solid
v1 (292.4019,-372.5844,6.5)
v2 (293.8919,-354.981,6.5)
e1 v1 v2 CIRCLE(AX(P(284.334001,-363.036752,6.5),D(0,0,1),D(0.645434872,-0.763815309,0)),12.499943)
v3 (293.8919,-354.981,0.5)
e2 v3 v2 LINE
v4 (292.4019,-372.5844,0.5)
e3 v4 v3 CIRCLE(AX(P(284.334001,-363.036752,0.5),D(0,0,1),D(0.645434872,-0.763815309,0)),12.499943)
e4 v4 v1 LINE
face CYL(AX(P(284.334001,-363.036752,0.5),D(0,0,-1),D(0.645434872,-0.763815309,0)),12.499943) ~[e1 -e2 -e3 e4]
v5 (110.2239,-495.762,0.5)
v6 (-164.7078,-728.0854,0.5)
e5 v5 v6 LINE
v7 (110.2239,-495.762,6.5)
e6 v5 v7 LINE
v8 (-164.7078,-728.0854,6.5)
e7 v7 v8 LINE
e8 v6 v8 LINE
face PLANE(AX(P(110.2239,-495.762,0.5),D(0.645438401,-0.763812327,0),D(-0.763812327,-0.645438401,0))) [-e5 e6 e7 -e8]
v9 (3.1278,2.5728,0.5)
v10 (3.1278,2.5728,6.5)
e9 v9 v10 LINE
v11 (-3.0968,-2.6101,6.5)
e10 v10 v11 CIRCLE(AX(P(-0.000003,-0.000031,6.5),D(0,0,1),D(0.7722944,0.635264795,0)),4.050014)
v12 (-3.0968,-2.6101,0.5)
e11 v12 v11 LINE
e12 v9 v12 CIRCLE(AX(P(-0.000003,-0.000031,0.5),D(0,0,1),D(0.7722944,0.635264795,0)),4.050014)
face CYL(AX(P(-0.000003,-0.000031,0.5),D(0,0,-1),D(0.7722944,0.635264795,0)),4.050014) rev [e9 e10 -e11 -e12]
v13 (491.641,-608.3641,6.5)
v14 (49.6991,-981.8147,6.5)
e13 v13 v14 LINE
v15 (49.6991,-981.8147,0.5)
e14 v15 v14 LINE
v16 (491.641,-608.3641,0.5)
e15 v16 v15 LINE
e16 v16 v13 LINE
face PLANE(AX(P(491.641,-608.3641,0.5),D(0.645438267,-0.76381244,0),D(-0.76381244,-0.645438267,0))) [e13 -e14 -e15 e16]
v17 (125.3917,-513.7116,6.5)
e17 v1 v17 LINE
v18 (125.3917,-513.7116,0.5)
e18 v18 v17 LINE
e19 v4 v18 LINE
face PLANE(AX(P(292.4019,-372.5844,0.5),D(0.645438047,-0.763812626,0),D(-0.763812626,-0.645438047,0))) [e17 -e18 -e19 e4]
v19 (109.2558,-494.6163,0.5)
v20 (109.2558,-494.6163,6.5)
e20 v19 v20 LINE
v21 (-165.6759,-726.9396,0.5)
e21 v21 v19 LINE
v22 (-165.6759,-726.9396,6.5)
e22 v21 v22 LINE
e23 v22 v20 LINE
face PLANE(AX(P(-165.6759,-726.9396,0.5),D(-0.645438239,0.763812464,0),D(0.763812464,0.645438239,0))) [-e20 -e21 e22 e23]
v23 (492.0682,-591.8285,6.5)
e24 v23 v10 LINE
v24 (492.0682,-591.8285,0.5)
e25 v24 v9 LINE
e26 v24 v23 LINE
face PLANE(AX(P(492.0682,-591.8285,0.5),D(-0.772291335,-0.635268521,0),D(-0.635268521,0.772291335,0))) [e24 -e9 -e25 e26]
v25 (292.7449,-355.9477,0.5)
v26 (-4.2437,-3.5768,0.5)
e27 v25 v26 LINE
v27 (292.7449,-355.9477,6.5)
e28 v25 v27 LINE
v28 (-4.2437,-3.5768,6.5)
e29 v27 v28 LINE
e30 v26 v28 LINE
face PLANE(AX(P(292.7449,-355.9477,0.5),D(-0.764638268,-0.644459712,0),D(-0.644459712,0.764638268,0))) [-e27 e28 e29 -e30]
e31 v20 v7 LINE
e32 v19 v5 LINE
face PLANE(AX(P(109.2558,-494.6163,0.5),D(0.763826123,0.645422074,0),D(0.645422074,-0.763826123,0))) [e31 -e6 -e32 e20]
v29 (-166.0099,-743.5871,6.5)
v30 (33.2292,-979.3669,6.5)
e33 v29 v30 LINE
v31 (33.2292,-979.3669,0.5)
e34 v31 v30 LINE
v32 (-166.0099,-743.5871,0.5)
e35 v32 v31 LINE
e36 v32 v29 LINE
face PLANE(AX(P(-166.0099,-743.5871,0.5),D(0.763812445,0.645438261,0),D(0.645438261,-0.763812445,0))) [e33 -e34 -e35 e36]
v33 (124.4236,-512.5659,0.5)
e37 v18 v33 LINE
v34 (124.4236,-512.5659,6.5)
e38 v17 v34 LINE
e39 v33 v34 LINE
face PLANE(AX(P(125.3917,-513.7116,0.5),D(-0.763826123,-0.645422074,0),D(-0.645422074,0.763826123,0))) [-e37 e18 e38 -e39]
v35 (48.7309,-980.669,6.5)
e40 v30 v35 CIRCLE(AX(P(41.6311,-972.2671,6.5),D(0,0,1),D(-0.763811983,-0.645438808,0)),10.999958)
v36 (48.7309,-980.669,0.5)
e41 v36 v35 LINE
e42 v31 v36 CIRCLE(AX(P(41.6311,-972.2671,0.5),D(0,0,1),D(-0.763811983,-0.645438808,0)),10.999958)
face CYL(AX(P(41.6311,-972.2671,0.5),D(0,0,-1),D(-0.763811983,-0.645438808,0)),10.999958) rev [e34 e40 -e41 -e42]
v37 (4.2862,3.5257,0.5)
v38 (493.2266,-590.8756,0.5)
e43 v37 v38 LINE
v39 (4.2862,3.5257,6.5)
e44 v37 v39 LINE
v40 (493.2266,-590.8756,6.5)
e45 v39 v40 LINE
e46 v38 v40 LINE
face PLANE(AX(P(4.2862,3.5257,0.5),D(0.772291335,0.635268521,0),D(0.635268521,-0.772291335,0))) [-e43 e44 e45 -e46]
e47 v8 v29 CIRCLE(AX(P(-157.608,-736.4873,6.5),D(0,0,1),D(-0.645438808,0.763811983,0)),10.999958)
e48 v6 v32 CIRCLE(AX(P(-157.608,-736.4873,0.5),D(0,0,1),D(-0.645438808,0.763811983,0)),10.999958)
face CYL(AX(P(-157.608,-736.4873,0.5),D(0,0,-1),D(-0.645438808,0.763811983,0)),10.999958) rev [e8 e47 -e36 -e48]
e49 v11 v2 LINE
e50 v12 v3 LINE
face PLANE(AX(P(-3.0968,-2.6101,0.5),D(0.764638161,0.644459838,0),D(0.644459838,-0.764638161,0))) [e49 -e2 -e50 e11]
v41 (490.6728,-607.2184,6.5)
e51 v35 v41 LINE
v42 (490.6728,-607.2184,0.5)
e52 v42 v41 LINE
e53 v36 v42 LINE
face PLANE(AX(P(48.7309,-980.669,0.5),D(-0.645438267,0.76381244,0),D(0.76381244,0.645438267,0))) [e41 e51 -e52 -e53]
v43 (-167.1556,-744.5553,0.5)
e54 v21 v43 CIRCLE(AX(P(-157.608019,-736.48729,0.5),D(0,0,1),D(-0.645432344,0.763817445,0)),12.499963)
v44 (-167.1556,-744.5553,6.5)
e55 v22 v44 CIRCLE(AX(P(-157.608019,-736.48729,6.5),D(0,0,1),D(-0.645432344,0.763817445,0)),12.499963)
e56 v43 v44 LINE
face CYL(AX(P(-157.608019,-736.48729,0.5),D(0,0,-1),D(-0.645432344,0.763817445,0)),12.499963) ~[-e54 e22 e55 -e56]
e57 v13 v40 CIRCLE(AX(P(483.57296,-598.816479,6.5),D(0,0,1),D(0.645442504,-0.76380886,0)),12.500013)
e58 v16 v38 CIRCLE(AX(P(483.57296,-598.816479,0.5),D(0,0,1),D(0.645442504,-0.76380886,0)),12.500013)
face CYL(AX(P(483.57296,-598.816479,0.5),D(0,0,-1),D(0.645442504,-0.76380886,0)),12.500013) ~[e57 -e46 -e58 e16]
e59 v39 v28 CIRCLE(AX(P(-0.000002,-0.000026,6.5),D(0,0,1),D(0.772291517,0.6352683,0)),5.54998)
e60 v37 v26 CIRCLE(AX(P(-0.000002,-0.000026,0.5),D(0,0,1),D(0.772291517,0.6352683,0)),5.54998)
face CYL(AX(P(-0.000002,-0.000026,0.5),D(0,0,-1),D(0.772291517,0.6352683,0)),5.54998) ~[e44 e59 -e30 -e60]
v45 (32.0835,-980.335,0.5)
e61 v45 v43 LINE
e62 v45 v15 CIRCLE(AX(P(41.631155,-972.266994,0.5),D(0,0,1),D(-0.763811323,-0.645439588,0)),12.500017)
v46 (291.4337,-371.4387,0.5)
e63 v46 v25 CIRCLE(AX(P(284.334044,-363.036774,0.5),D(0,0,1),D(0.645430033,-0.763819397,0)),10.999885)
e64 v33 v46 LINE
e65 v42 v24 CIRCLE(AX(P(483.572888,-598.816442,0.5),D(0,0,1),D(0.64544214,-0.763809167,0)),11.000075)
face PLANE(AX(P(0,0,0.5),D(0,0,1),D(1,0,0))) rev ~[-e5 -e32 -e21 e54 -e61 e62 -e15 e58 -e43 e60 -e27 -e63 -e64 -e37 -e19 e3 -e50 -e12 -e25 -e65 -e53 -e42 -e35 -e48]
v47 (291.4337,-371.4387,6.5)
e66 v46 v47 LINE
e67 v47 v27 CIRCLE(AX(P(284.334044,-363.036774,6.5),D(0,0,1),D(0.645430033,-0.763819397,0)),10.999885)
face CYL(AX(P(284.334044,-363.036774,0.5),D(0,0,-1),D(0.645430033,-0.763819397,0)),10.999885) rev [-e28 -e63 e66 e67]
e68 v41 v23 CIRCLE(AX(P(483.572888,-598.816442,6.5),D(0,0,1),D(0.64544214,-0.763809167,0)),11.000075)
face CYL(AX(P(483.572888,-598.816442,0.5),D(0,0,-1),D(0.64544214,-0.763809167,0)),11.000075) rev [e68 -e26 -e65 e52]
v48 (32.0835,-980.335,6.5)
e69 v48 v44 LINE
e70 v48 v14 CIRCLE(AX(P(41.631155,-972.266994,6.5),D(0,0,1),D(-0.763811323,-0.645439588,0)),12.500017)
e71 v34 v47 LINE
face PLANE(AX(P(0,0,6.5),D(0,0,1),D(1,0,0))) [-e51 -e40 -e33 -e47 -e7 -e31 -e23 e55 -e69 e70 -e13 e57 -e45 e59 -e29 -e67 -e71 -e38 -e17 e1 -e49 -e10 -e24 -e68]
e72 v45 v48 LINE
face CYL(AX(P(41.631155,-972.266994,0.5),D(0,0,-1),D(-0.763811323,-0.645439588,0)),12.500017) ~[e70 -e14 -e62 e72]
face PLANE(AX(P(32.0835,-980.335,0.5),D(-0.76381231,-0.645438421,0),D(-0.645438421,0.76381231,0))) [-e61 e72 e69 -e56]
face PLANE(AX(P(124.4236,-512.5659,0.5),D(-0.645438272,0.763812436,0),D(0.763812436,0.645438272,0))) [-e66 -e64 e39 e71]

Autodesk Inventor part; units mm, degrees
ref_plane "YZ Plane" through (0, 0, 0) normal (1, 0, 0) x (0, 1, 0)
ref_plane "XZ Plane" through (0, 0, 0) normal (0, 1, 0) x (-1, 0, 0)
ref_plane "Work Plane1" through (0, 0, 0.5) normal (0, 0, 1) x (1, 0, 0)
sketch "Sketch1" plane through (0, 0, 0.5) normal (0, 0, 1) x (1, 0, 0)
  arc A0 (4.1391, 2.5087) -> (3.9017, 2.864) centre (0, 0) ccw construction
  arc A1 (1.2602, 4.4787) -> (2.2758, 4.058) centre (1.7603, 4.2498) ccw construction
  circle A2 centre (0, 0) radius 4.05 construction
  circle A3 centre (284.3339, -363.0367) radius 11 construction
  circle A4 centre (483.573, -598.8165) radius 11 construction
  circle A5 centre (41.6311, -972.2671) radius 11 construction
  circle A6 centre (-157.608, -736.4873) radius 11 construction
  line L0 (110.2354, -491.8247) -> (106.3399, -495.1165) construction
  line L1 (108.2876, -493.4706) -> (162.0638, -557.1094) construction
  line L2 (110.2239, -495.762) -> (-164.7078, -728.0854)
  line L3 (-166.0099, -743.5871) -> (33.2292, -979.3669)
  line L4 (48.7309, -980.669) -> (490.6728, -607.2184)
  line L5 (492.0682, -591.8285) -> (3.1278, 2.5728)
  arc A7 (3.1278, 2.5728) -> (-3.0968, -2.6101) centre (0, 0) ccw
  arc A8 (-164.7078, -728.0854) -> (-166.0099, -743.5871) centre (-157.608, -736.4873) ccw
  arc A9 (33.2292, -979.3669) -> (48.7309, -980.669) centre (41.6311, -972.2671) ccw
  arc A10 (490.6728, -607.2184) -> (492.0682, -591.8285) centre (483.573, -598.8165) ccw
  circle A11 centre (284.3339, -363.0367) radius 12.5 construction
  line L6 (292.4019, -372.5844) -> (125.3917, -513.7116)
  line L7 (-3.0968, -2.6101) -> (293.8919, -354.981)
  arc A12 (292.4019, -372.5844) -> (293.8919, -354.981) centre (284.3339, -363.0367) ccw
  line L8 (124.4236, -512.5659) -> (291.4337, -371.4387)
  arc A13 (291.4337, -371.4387) -> (292.7449, -355.9477) centre (284.3339, -363.0367) ccw
  line L9 (292.7449, -355.9477) -> (-4.2437, -3.5768)
  arc A14 (4.2862, 3.5257) -> (-4.2437, -3.5768) centre (0, 0) ccw
  line L10 (4.2862, 3.5257) -> (493.2266, -590.8756)
  arc A15 (491.641, -608.3641) -> (493.2266, -590.8756) centre (483.573, -598.8165) ccw
  line L11 (491.641, -608.3641) -> (49.6991, -981.8147)
  arc A16 (32.0835, -980.335) -> (49.6991, -981.8147) centre (41.6311, -972.2671) ccw
  line L12 (32.0835, -980.335) -> (-167.1556, -744.5553)
  arc A17 (-165.6759, -726.9396) -> (-167.1556, -744.5553) centre (-157.608, -736.4873) ccw
  line L13 (-165.6759, -726.9396) -> (109.2558, -494.6163)
  line L14 (125.3917, -513.7116) -> (124.4236, -512.5659)
  line L15 (109.2558, -494.6163) -> (110.2239, -495.762)
  point P0 (0, 0)
extrude "Extrusion1" add sketch "Sketch1" along normal blind 6
equation "\"d2\" = d1"
equation "\"d1\" = 1.5"
properties part number "Belt1"
